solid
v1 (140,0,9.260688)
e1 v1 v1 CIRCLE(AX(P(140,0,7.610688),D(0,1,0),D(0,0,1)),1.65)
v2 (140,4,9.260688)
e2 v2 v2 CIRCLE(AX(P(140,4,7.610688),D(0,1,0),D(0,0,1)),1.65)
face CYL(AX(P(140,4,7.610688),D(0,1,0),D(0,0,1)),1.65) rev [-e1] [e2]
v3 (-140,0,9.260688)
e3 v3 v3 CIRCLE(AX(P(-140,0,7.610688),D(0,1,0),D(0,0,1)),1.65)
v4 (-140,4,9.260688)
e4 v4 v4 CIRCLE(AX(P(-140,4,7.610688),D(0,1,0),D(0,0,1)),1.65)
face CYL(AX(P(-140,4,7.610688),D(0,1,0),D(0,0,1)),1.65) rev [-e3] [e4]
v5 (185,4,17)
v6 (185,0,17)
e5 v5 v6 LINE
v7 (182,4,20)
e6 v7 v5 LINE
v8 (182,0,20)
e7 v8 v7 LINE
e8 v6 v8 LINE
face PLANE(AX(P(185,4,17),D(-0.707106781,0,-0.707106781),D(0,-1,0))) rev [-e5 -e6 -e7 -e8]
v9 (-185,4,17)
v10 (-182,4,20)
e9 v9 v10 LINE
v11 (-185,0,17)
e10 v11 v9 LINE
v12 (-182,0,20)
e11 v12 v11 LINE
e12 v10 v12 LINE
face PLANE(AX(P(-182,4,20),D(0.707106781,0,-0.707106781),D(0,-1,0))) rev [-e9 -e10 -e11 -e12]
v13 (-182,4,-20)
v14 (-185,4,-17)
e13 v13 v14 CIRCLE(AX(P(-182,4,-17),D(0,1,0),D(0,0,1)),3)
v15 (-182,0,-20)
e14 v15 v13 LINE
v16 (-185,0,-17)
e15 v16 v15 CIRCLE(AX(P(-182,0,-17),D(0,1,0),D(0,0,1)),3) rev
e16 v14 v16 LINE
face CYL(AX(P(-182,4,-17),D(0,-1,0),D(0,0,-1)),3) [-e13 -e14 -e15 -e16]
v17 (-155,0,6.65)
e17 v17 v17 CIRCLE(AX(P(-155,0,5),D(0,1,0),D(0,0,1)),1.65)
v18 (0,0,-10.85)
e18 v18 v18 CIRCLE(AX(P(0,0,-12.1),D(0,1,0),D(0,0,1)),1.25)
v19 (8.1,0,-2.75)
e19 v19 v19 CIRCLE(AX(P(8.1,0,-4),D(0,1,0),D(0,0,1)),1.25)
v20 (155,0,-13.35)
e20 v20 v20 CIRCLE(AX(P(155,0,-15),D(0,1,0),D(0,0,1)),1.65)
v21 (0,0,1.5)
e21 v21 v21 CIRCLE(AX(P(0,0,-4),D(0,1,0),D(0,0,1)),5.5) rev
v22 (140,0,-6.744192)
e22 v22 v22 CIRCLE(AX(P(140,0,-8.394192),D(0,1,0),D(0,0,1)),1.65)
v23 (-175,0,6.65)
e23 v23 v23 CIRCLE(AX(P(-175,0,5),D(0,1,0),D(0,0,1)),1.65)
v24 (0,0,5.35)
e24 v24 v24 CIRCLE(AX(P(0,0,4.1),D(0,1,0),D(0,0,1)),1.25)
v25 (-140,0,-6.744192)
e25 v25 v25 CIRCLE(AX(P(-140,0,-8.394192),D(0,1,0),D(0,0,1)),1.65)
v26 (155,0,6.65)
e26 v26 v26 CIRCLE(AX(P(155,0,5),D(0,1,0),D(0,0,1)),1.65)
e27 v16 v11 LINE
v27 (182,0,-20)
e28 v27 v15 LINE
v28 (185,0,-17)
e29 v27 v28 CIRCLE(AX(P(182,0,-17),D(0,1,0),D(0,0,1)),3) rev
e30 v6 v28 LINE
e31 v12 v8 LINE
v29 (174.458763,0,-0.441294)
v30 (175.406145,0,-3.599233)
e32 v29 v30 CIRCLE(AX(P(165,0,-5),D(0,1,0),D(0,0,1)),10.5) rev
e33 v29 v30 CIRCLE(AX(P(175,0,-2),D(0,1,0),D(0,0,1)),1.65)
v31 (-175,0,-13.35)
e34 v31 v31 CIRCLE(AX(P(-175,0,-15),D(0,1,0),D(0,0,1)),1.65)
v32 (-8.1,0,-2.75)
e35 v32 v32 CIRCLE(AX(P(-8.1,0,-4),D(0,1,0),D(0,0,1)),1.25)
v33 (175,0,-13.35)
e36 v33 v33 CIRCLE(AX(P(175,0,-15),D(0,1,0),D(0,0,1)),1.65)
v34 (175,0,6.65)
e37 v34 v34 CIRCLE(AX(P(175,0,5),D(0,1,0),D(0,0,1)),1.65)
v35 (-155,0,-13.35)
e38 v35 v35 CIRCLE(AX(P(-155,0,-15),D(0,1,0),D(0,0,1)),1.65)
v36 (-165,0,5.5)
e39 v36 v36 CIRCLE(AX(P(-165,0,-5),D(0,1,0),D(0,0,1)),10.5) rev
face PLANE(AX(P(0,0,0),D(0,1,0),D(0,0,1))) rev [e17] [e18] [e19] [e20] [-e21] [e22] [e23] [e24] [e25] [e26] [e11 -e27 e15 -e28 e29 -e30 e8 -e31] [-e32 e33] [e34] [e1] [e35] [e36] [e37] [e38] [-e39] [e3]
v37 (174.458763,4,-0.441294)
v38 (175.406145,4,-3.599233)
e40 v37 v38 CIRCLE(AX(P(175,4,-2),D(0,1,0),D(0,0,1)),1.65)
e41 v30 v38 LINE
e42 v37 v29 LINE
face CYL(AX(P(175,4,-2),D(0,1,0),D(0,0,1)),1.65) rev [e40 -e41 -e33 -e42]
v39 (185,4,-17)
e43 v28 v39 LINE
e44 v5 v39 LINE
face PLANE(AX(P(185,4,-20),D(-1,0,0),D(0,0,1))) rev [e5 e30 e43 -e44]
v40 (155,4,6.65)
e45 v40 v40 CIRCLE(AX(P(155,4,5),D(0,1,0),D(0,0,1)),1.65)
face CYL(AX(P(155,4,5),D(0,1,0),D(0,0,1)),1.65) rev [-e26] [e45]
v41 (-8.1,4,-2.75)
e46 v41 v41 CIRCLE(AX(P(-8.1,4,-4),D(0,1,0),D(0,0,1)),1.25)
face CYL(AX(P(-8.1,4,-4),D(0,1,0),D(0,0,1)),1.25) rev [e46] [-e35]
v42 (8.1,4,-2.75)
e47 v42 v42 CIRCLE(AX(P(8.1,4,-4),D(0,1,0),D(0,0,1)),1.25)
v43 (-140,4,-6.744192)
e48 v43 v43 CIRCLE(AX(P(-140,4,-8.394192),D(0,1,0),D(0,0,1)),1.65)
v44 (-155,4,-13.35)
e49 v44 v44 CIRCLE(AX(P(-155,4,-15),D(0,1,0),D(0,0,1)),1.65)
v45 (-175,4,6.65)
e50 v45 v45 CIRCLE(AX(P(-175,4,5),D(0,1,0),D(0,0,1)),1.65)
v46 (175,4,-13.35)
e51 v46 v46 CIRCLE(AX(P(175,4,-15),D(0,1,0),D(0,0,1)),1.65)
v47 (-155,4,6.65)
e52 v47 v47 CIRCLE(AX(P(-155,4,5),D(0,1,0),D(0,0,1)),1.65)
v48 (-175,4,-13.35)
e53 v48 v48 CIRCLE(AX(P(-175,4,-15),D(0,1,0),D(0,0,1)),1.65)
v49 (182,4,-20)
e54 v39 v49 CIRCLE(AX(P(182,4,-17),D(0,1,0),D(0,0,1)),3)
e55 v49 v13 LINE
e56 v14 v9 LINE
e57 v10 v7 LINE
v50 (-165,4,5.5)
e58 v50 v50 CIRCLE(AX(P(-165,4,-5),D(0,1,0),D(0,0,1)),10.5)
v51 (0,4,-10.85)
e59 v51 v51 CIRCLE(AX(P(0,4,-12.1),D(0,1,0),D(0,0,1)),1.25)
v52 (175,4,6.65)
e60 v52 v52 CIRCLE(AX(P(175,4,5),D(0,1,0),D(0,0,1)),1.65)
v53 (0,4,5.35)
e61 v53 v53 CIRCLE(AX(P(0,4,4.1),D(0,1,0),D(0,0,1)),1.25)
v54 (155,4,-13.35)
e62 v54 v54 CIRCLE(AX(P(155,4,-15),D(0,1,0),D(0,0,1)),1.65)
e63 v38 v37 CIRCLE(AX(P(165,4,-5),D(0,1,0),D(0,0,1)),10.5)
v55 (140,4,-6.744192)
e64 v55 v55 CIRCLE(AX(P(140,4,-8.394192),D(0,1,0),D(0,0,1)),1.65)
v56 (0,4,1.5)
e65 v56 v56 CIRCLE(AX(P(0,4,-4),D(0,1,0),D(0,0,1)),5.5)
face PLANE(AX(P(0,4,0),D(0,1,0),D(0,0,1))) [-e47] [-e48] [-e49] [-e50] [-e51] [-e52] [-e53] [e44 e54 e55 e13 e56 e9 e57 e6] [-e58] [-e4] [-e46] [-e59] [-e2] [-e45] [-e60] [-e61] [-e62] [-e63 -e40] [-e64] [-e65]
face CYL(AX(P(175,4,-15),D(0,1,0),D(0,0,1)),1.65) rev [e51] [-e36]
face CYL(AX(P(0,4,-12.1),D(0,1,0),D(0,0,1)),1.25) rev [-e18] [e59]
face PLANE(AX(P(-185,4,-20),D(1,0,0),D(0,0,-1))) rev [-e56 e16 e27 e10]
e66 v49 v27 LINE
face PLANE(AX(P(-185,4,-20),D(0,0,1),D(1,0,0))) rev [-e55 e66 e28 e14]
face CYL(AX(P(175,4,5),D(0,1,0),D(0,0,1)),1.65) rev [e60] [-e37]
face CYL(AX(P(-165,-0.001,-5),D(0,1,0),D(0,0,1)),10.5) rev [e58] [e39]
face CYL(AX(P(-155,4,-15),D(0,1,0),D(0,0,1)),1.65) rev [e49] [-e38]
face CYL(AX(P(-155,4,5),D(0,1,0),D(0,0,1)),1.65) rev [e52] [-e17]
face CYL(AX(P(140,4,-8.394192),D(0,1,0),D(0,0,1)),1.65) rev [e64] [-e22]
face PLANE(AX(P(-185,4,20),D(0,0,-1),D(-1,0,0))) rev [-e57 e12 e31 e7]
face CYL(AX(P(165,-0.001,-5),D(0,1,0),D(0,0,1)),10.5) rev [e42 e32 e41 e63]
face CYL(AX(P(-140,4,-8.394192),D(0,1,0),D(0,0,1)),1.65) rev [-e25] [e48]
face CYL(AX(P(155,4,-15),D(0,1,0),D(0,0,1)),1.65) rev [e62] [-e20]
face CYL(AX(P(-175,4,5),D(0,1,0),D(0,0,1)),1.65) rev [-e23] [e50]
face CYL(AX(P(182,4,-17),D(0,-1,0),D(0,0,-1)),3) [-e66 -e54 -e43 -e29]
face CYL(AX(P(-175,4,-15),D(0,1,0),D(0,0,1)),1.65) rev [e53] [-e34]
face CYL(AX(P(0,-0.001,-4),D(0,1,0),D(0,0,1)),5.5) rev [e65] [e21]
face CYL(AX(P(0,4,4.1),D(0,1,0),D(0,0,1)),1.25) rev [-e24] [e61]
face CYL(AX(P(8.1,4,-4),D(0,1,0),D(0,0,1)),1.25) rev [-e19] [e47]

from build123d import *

# Parameters (mm, degrees)
SKETCH1_W                 = 370
SKETCH1_H                 = 40
BOSS_EXTRUDE1_DEPTH       = 4
CUT_EXTRUDE1_REACH        = 188.121
SKETCH2_R                 = 10.5
SKETCH2_R_2               = 5.5
M4X0_7_TAPPED_HOLE1_D     = 3.3
M4X0_7_TAPPED_HOLE1_DEPTH = 4
CHAMFER1_SIZE             = 3
FILLET1_R                 = 3
M3X0_5_TAPPED_HOLE1_D     = 2.5


with BuildPart() as part:
    # Sketch1 → Boss-Extrude1 (new body)
    with BuildSketch(Plane(origin=(0, 0, 0), x_dir=(1, 0, 0), z_dir=(0, 1, 0))):
        Rectangle(SKETCH1_W, SKETCH1_H)
    extrude(amount=BOSS_EXTRUDE1_DEPTH)

    # Sketch2 → Cut-Extrude1 (cut, up to next)
    with BuildSketch(Plane(origin=(0, 4, 0), x_dir=(1, 0, 0), z_dir=(0, 1, 0)), mode=Mode.PRIVATE) as cut_extrude1_sk1:
        with Locations(Location((165, 5, 0), (0, 0, 270))):
            Circle(SKETCH2_R)
    cut_extrude1_tool1 = extrude(cut_extrude1_sk1.sketch, amount=-CUT_EXTRUDE1_REACH, mode=Mode.PRIVATE) & part.part
    # Sketch2 → Cut-Extrude1 (cut, up to next)
    with BuildSketch(Plane(origin=(0, 4, 0), x_dir=(1, 0, 0), z_dir=(0, 1, 0)), mode=Mode.PRIVATE) as cut_extrude1_sk2:
        with Locations(Location((-165, 5, 0), (0, 0, 270))):
            Circle(SKETCH2_R)
    cut_extrude1_tool2 = extrude(cut_extrude1_sk2.sketch, amount=-CUT_EXTRUDE1_REACH, mode=Mode.PRIVATE) & part.part
    # Sketch2 → Cut-Extrude1 (cut, up to next)
    with BuildSketch(Plane(origin=(0, 4, 0), x_dir=(1, 0, 0), z_dir=(0, 1, 0)), mode=Mode.PRIVATE) as cut_extrude1_sk3:
        with Locations(Location((0, 4, 0), (0, 0, 270))):
            Circle(SKETCH2_R_2)
    cut_extrude1_tool3 = extrude(cut_extrude1_sk3.sketch, amount=-CUT_EXTRUDE1_REACH, mode=Mode.PRIVATE) & part.part
    add(cut_extrude1_tool1.solids().sort_by_distance((165, 4, -5))[0], mode=Mode.SUBTRACT)
    add(cut_extrude1_tool2.solids().sort_by_distance((-165, 4, -5))[0], mode=Mode.SUBTRACT)
    add(cut_extrude1_tool3.solids().sort_by_distance((0, 4, -4))[0], mode=Mode.SUBTRACT)

    # M4x0.7 Tapped Hole1
    with Locations(Plane(origin=(0, 4, 0), x_dir=(1, 0, 0), z_dir=(0, 1, 0))):
        with Locations((175, 2), (155, 15), (175, 15), (155, -5), (175, -5), (-175, 15), (-155, 15), (-175, -5), (-155, -5), (-140, 8.394191797), (-140, -7.610688145), (140, 8.394191797), (140, -7.610688145)):
            Hole(M4X0_7_TAPPED_HOLE1_D / 2, depth=M4X0_7_TAPPED_HOLE1_DEPTH)

    # Chamfer1
    chamfer1_edges = [part.edges().sort_by_distance(p)[0] for p in [
        (185, 2, 20),
        (-185, 2, 20),
    ]]
    chamfer(chamfer1_edges, length=CHAMFER1_SIZE)

    # Fillet1
    fillet1_edges = [part.edges().sort_by_distance(p)[0] for p in [
        (-185, 2, -20),
        (185, 2, -20),
    ]]
    fillet(fillet1_edges, radius=FILLET1_R)

    # M3x0.5 Tapped Hole1 (through all)
    with Locations(Plane(origin=(0, 4, 0), x_dir=(1, 0, 0), z_dir=(0, 1, 0))):
        with Locations((0, 12.1), (8.1, 4), (0, -4.1), (-8.1, 4)):
            Hole(M3X0_5_TAPPED_HOLE1_D / 2)


solid = part.part
